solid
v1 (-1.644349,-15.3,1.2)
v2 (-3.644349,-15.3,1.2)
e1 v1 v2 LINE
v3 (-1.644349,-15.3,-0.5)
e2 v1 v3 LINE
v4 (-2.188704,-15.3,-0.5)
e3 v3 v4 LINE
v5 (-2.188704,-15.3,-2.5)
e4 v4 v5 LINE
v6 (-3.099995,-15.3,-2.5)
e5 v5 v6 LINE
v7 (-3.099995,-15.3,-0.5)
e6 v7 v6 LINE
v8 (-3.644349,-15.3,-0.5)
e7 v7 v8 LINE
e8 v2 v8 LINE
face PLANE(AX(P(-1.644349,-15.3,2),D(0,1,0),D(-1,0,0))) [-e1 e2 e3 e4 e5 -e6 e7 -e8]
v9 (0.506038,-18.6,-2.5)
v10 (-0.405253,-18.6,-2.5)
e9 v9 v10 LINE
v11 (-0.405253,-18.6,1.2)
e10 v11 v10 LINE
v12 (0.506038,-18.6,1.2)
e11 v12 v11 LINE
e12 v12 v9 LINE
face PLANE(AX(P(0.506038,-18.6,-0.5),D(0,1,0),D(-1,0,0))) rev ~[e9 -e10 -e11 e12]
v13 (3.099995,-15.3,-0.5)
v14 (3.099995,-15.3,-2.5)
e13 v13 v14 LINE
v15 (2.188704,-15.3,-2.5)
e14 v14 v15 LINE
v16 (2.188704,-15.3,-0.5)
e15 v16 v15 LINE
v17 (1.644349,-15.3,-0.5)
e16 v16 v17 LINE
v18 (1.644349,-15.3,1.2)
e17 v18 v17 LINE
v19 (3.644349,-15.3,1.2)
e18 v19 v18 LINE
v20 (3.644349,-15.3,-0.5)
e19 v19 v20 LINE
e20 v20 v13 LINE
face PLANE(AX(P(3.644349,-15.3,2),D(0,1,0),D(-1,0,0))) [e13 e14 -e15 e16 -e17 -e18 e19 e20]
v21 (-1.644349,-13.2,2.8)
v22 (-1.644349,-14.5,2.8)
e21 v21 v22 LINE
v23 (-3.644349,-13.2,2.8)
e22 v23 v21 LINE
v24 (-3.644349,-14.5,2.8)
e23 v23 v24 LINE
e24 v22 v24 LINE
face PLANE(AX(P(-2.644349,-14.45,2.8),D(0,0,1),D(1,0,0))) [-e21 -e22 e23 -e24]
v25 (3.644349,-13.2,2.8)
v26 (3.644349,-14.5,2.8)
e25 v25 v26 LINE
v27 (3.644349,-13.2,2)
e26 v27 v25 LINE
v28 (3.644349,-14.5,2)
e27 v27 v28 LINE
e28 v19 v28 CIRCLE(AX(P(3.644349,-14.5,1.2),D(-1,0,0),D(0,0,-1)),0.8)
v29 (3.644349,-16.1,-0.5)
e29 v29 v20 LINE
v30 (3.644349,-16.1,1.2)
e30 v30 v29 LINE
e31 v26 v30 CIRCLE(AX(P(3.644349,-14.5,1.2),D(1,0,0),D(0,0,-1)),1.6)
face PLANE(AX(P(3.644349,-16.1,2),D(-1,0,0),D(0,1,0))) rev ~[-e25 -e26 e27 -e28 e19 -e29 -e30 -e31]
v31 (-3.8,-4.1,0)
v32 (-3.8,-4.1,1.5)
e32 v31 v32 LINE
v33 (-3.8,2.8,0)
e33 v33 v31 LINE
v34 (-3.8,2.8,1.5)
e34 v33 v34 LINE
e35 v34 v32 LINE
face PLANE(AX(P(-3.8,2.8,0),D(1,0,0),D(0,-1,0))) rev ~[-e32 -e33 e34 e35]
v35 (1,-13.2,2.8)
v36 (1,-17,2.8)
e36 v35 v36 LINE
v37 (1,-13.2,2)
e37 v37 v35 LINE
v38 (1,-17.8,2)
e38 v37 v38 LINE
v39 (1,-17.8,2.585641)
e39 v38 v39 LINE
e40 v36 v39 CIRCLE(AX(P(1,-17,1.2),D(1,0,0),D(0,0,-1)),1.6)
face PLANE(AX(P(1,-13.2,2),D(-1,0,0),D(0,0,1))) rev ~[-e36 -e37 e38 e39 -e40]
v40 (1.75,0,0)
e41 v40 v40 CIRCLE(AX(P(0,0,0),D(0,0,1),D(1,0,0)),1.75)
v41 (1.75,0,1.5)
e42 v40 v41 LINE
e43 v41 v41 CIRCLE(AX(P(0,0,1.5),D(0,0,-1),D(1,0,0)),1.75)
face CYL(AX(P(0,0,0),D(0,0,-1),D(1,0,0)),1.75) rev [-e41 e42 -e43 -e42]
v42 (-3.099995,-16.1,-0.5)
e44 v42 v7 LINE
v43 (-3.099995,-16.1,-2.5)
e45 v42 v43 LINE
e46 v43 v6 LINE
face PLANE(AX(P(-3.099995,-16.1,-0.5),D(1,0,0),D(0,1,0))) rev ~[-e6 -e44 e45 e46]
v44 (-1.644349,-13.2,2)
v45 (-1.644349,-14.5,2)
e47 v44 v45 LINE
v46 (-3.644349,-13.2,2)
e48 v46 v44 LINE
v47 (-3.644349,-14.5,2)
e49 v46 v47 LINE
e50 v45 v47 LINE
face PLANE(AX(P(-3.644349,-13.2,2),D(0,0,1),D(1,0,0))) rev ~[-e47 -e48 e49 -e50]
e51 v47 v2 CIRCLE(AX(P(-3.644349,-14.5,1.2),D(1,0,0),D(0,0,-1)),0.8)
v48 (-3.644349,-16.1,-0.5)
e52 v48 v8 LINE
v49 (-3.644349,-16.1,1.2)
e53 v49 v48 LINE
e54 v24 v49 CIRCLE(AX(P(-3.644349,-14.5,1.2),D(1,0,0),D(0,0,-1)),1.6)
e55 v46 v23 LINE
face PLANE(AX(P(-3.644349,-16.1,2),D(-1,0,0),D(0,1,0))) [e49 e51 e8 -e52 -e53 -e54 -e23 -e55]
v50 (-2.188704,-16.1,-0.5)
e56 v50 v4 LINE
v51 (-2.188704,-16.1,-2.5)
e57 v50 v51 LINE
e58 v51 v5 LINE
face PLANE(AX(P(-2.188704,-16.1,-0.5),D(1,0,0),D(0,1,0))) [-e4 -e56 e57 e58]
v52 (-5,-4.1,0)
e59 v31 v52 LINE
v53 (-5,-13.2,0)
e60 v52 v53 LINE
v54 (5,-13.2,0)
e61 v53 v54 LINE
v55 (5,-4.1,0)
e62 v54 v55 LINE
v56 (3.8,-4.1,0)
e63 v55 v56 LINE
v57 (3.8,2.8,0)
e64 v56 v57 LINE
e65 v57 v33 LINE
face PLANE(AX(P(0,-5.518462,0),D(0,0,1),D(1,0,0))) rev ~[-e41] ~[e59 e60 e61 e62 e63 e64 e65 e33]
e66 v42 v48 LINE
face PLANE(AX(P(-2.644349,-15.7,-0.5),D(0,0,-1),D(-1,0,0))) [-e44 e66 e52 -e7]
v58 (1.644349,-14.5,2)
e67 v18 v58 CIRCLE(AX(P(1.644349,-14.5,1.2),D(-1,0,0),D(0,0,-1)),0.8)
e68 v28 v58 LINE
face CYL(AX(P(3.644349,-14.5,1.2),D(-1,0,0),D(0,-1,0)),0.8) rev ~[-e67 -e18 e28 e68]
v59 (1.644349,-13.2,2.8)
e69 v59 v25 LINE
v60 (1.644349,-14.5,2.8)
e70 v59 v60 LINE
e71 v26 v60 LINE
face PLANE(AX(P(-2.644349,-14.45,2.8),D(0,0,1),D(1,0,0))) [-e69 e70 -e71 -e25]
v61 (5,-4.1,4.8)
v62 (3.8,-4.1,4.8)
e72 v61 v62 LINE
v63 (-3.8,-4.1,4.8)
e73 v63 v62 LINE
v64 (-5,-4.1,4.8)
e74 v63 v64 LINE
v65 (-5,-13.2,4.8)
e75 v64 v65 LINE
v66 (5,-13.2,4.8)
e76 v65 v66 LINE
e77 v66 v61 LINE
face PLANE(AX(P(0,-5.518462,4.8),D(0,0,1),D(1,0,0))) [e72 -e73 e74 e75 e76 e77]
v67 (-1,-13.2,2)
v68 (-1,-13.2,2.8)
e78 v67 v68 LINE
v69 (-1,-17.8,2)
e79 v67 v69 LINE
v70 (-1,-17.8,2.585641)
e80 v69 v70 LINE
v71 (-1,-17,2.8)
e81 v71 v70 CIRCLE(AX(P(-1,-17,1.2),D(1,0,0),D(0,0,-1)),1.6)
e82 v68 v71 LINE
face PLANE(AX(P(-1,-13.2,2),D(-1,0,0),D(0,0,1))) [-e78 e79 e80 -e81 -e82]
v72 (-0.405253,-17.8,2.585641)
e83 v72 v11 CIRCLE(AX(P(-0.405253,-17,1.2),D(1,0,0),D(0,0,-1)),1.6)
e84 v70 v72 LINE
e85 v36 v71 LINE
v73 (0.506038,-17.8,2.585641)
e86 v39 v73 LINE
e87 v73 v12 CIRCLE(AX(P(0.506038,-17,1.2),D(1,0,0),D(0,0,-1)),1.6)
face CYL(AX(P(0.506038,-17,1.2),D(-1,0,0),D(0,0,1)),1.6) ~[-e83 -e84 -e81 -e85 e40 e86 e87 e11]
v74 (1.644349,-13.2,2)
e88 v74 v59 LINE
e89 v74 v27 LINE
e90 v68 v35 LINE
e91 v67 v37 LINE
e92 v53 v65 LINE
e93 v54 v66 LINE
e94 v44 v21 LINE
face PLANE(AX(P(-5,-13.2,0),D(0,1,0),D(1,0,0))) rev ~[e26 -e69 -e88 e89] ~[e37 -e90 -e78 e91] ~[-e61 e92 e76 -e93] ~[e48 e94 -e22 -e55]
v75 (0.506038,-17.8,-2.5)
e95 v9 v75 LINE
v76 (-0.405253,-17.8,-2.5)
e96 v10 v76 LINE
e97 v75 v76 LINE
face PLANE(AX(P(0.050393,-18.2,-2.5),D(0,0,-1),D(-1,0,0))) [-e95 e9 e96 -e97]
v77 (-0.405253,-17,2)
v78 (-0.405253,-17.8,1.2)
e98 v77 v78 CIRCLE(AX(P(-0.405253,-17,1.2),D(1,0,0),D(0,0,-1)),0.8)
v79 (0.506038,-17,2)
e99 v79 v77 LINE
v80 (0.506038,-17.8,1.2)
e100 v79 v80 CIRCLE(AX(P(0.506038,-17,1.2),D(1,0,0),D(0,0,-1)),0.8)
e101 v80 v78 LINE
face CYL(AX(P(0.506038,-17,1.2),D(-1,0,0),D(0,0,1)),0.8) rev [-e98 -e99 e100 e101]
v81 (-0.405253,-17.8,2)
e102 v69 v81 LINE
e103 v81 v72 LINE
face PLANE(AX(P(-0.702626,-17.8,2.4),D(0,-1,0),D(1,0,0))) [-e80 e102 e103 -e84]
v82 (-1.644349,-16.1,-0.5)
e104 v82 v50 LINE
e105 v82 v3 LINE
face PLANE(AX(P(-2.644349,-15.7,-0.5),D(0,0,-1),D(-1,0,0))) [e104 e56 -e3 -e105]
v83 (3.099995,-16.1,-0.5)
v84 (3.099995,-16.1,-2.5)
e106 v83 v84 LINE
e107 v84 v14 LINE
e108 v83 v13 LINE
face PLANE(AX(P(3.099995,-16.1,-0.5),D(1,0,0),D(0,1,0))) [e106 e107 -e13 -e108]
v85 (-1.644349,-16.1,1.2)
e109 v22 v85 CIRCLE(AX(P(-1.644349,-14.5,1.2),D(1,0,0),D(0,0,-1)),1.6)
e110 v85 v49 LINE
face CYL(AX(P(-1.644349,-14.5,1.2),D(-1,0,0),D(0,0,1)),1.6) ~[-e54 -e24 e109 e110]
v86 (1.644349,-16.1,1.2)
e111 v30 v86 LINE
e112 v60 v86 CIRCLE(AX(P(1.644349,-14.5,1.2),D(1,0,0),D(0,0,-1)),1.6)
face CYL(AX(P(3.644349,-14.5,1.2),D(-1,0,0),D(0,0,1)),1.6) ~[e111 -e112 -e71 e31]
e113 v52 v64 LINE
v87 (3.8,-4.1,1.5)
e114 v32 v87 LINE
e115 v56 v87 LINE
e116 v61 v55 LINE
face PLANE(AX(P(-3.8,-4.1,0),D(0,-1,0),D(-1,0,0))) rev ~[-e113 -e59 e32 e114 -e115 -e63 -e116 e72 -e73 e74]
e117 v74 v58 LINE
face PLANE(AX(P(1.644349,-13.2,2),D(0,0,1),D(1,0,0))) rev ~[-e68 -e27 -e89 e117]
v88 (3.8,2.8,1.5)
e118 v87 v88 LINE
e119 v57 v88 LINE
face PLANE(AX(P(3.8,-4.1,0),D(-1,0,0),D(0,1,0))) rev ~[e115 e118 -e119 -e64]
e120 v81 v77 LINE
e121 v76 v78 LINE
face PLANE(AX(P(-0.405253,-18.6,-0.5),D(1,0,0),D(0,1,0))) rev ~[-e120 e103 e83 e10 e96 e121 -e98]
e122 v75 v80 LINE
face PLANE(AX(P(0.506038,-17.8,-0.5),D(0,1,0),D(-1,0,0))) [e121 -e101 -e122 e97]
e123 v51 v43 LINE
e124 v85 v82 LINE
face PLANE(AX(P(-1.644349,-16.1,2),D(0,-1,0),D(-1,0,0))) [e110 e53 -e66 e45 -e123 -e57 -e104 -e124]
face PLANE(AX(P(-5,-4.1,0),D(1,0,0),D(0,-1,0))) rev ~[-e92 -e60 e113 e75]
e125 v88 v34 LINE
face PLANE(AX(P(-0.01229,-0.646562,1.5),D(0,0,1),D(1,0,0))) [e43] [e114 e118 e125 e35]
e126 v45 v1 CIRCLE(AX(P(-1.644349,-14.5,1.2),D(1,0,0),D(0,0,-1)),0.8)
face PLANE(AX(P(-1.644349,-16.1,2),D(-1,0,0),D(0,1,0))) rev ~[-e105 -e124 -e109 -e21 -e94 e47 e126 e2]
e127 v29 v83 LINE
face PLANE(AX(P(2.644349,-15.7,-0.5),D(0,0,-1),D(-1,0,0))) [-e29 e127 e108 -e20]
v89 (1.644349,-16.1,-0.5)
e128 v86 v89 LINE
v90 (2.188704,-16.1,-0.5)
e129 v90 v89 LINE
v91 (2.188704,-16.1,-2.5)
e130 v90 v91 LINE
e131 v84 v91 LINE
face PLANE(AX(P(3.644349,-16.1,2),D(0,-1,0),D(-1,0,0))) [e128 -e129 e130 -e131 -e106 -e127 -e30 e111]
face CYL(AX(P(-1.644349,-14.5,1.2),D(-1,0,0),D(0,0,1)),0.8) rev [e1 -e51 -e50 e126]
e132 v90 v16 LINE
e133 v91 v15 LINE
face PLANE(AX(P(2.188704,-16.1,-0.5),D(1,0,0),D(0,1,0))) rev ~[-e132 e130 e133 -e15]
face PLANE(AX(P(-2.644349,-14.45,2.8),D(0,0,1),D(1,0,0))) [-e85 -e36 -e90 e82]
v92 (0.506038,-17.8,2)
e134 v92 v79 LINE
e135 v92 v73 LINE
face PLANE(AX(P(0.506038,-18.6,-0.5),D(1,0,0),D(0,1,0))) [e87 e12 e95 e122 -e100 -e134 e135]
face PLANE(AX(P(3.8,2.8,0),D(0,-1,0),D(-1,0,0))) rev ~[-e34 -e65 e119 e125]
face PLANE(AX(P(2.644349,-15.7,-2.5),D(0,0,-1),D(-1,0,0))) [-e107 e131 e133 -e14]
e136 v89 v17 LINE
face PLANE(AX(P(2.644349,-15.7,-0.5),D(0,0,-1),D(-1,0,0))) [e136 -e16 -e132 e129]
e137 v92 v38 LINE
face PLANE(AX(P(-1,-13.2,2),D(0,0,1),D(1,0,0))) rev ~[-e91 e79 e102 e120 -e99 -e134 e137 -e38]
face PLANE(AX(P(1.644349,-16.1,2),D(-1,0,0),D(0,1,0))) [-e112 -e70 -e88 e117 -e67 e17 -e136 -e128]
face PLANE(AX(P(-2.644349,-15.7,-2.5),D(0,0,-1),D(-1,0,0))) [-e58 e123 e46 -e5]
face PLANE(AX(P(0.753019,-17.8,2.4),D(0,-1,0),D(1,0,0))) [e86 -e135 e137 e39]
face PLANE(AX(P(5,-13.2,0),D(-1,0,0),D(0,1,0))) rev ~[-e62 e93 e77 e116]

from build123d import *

# Parameters (mm, degrees)
SKETCH_1_R                  = 1.75
EXTRUDE_1_DEPTH             = 4.8
SKETCH_2_W                  = 12.314395844
SKETCH_2_H                  = 6.906876711
CUT_EXTRUDE_1_DEPTH         = 3.3
SKETCH_3_W                  = 2
SKETCH_3_H                  = 0.8
EXTRUDE_2_DEPTH             = 5
SKETCH_4_W                  = 2
SKETCH_4_H                  = 0.8
CUT_EXTRUDE_2_DEPTH         = 2.5
SKETCH_5_W                  = 0.911290814
SKETCH_5_H                  = 0.8
SKETCH_5_W_2                = 2
EXTRUDE_3_DEPTH             = 2.5
EXTRUDE_3_DIRECTION_2_REACH = 21.081
SKETCH_6_W                  = 0.493961758
SKETCH_6_H                  = 0.8
SKETCH_6_W_2                = 0.594747428
CUT_EXTRUDE_3_DEPTH         = 0.4
FILLET_1_R                  = 0.8
FILLET_2_R                  = 1.6
SKETCH_7_W                  = 0.911290814
SKETCH_7_H                  = 0.8
SKETCH_7_W_2                = 0.911290815
EXTRUDE_4_DEPTH             = 2


with BuildPart() as part:
    # Эскиз1 → Вытянуть1 (new body)
    with BuildSketch(Plane.XY):
        Polygon((-3.8, 2.8), (-3.8, -4.1), (-5, -4.1), (-5, -13.2), (5, -13.2), (5, -4.1), (3.8, -4.1), (3.8, 2.8), align=None)
        Circle(SKETCH_1_R, mode=Mode.SUBTRACT)
    extrude(amount=EXTRUDE_1_DEPTH)

    # Эскиз2 → Вырез-Вытянуть1 (cut)
    with BuildSketch(Plane.XY.offset(4.8)):
        with Locations((-0.012289816, -0.646561645)):
            Rectangle(SKETCH_2_W, SKETCH_2_H)
    extrude(amount=-CUT_EXTRUDE_1_DEPTH, mode=Mode.SUBTRACT)

    # Эскиз3 → Вытянуть2 (add)
    with BuildSketch(Plane.XZ.offset(13.2)):
        with Locations((0, 2.4)):
            Rectangle(SKETCH_3_W, SKETCH_3_H)
        with Locations((-2.644349478, 2.4)):
            Rectangle(SKETCH_3_W, SKETCH_3_H)
        with Locations((2.644349478, 2.4)):
            Rectangle(SKETCH_3_W, SKETCH_3_H)
    extrude(amount=EXTRUDE_2_DEPTH)

    # Эскиз4 → Вырез-Вытянуть2 (cut)
    with BuildSketch(Plane.XZ.offset(18.2)):
        with Locations((2.644349478, 2.4)):
            Rectangle(SKETCH_4_W, SKETCH_4_H)
        with Locations((-2.644349478, 2.4)):
            Rectangle(SKETCH_4_W, SKETCH_4_H)
    extrude(amount=-CUT_EXTRUDE_2_DEPTH, mode=Mode.SUBTRACT)

    # Эскиз5 → Вытянуть3 (add)
    with BuildSketch(Plane(origin=(0, 0, 2), x_dir=(-1, 0, 0), z_dir=(0, 0, -1))):
        with Locations((-0.050392835, -18.2)):
            Rectangle(SKETCH_5_W, SKETCH_5_H)
        with Locations((2.644349478, -15.7)):
            Rectangle(SKETCH_5_W_2, SKETCH_5_H)
        with Locations((-2.644349478, -15.7)):
            Rectangle(SKETCH_5_W_2, SKETCH_5_H)
    extrude(amount=EXTRUDE_3_DEPTH)

    # Вытянуть3 direction 2: up to this face of the body (flat: up to its plane)
    extrude_3_direction_2_end = Plane(part.part.faces().sort_by_distance((-2.644349478, -14.45, 2.8))[0])
    # Эскиз5 → Вытянуть3 direction 2 (add, up to the picked face)
    with BuildSketch(Plane(origin=(0, 0, 2), x_dir=(-1, 0, 0), z_dir=(0, 0, -1)), mode=Mode.PRIVATE) as extrude_3_direction_2_sk1:
        with Locations((-0.050392835, -18.2)):
            Rectangle(SKETCH_5_W, SKETCH_5_H)
    extrude_3_direction_2_tool1 = split(extrude(extrude_3_direction_2_sk1.sketch, amount=-EXTRUDE_3_DIRECTION_2_REACH, mode=Mode.PRIVATE), bisect_by=extrude_3_direction_2_end, keep=Keep.BOTH, mode=Mode.PRIVATE)
    # Эскиз5 → Вытянуть3 direction 2 (add, up to the picked face)
    with BuildSketch(Plane(origin=(0, 0, 2), x_dir=(-1, 0, 0), z_dir=(0, 0, -1)), mode=Mode.PRIVATE) as extrude_3_direction_2_sk2:
        with Locations((2.644349478, -15.7)):
            Rectangle(SKETCH_5_W_2, SKETCH_5_H)
    extrude_3_direction_2_tool2 = split(extrude(extrude_3_direction_2_sk2.sketch, amount=-EXTRUDE_3_DIRECTION_2_REACH, mode=Mode.PRIVATE), bisect_by=extrude_3_direction_2_end, keep=Keep.BOTH, mode=Mode.PRIVATE)
    # Эскиз5 → Вытянуть3 direction 2 (add, up to the picked face)
    with BuildSketch(Plane(origin=(0, 0, 2), x_dir=(-1, 0, 0), z_dir=(0, 0, -1)), mode=Mode.PRIVATE) as extrude_3_direction_2_sk3:
        with Locations((-2.644349478, -15.7)):
            Rectangle(SKETCH_5_W_2, SKETCH_5_H)
    extrude_3_direction_2_tool3 = split(extrude(extrude_3_direction_2_sk3.sketch, amount=-EXTRUDE_3_DIRECTION_2_REACH, mode=Mode.PRIVATE), bisect_by=extrude_3_direction_2_end, keep=Keep.BOTH, mode=Mode.PRIVATE)
    add(extrude_3_direction_2_tool1.solids().sort_by(Axis((0.050393, -18.2, 2), (0, 0, 1)))[0])
    add(extrude_3_direction_2_tool2.solids().sort_by(Axis((-2.644349, -15.7, 2), (0, 0, 1)))[0])
    add(extrude_3_direction_2_tool3.solids().sort_by(Axis((2.644349, -15.7, 2), (0, 0, 1)))[0])

    # Эскиз6 → Вырез-Вытянуть3 (cut)
    with BuildSketch(Plane.XZ.offset(18.2)):
        with Locations((0.753019121, 2.4)):
            Rectangle(SKETCH_6_W, SKETCH_6_H)
        with Locations((-0.702626286, 2.4)):
            Rectangle(SKETCH_6_W_2, SKETCH_6_H)
    extrude(amount=-CUT_EXTRUDE_3_DEPTH, mode=Mode.SUBTRACT)

    # Скругление1
    fillet_1_edges = [part.edges().sort_by_distance(p)[0] for p in [
        (0.050392835, -17.8, 2),
        (-2.644349478, -15.3, 2),
        (2.644349478, -15.3, 2),
    ]]
    fillet(fillet_1_edges, radius=FILLET_1_R)

    # Скругление2
    fillet_2_edges = [part.edges().sort_by_distance(p)[0] for p in [
        (-2.644349478, -16.1, 2.8),
        (0.050392835, -18.6, 2.8),
        (2.644349478, -16.1, 2.8),
    ]]
    fillet(fillet_2_edges, radius=FILLET_2_R)

    # Эскиз7 → Вытянуть4 (add)
    with BuildSketch(Plane(origin=(0, 0, -0.5), x_dir=(-1, 0, 0), z_dir=(0, 0, -1))):
        with Locations((-0.050392835, -18.2)):
            Rectangle(SKETCH_7_W, SKETCH_7_H)
        with Locations((-2.644349478, -15.7)):
            Rectangle(SKETCH_7_W_2, SKETCH_7_H)
        with Locations((2.644349478, -15.7)):
            Rectangle(SKETCH_7_W_2, SKETCH_7_H)
    extrude(amount=EXTRUDE_4_DEPTH)


solid = part.part
